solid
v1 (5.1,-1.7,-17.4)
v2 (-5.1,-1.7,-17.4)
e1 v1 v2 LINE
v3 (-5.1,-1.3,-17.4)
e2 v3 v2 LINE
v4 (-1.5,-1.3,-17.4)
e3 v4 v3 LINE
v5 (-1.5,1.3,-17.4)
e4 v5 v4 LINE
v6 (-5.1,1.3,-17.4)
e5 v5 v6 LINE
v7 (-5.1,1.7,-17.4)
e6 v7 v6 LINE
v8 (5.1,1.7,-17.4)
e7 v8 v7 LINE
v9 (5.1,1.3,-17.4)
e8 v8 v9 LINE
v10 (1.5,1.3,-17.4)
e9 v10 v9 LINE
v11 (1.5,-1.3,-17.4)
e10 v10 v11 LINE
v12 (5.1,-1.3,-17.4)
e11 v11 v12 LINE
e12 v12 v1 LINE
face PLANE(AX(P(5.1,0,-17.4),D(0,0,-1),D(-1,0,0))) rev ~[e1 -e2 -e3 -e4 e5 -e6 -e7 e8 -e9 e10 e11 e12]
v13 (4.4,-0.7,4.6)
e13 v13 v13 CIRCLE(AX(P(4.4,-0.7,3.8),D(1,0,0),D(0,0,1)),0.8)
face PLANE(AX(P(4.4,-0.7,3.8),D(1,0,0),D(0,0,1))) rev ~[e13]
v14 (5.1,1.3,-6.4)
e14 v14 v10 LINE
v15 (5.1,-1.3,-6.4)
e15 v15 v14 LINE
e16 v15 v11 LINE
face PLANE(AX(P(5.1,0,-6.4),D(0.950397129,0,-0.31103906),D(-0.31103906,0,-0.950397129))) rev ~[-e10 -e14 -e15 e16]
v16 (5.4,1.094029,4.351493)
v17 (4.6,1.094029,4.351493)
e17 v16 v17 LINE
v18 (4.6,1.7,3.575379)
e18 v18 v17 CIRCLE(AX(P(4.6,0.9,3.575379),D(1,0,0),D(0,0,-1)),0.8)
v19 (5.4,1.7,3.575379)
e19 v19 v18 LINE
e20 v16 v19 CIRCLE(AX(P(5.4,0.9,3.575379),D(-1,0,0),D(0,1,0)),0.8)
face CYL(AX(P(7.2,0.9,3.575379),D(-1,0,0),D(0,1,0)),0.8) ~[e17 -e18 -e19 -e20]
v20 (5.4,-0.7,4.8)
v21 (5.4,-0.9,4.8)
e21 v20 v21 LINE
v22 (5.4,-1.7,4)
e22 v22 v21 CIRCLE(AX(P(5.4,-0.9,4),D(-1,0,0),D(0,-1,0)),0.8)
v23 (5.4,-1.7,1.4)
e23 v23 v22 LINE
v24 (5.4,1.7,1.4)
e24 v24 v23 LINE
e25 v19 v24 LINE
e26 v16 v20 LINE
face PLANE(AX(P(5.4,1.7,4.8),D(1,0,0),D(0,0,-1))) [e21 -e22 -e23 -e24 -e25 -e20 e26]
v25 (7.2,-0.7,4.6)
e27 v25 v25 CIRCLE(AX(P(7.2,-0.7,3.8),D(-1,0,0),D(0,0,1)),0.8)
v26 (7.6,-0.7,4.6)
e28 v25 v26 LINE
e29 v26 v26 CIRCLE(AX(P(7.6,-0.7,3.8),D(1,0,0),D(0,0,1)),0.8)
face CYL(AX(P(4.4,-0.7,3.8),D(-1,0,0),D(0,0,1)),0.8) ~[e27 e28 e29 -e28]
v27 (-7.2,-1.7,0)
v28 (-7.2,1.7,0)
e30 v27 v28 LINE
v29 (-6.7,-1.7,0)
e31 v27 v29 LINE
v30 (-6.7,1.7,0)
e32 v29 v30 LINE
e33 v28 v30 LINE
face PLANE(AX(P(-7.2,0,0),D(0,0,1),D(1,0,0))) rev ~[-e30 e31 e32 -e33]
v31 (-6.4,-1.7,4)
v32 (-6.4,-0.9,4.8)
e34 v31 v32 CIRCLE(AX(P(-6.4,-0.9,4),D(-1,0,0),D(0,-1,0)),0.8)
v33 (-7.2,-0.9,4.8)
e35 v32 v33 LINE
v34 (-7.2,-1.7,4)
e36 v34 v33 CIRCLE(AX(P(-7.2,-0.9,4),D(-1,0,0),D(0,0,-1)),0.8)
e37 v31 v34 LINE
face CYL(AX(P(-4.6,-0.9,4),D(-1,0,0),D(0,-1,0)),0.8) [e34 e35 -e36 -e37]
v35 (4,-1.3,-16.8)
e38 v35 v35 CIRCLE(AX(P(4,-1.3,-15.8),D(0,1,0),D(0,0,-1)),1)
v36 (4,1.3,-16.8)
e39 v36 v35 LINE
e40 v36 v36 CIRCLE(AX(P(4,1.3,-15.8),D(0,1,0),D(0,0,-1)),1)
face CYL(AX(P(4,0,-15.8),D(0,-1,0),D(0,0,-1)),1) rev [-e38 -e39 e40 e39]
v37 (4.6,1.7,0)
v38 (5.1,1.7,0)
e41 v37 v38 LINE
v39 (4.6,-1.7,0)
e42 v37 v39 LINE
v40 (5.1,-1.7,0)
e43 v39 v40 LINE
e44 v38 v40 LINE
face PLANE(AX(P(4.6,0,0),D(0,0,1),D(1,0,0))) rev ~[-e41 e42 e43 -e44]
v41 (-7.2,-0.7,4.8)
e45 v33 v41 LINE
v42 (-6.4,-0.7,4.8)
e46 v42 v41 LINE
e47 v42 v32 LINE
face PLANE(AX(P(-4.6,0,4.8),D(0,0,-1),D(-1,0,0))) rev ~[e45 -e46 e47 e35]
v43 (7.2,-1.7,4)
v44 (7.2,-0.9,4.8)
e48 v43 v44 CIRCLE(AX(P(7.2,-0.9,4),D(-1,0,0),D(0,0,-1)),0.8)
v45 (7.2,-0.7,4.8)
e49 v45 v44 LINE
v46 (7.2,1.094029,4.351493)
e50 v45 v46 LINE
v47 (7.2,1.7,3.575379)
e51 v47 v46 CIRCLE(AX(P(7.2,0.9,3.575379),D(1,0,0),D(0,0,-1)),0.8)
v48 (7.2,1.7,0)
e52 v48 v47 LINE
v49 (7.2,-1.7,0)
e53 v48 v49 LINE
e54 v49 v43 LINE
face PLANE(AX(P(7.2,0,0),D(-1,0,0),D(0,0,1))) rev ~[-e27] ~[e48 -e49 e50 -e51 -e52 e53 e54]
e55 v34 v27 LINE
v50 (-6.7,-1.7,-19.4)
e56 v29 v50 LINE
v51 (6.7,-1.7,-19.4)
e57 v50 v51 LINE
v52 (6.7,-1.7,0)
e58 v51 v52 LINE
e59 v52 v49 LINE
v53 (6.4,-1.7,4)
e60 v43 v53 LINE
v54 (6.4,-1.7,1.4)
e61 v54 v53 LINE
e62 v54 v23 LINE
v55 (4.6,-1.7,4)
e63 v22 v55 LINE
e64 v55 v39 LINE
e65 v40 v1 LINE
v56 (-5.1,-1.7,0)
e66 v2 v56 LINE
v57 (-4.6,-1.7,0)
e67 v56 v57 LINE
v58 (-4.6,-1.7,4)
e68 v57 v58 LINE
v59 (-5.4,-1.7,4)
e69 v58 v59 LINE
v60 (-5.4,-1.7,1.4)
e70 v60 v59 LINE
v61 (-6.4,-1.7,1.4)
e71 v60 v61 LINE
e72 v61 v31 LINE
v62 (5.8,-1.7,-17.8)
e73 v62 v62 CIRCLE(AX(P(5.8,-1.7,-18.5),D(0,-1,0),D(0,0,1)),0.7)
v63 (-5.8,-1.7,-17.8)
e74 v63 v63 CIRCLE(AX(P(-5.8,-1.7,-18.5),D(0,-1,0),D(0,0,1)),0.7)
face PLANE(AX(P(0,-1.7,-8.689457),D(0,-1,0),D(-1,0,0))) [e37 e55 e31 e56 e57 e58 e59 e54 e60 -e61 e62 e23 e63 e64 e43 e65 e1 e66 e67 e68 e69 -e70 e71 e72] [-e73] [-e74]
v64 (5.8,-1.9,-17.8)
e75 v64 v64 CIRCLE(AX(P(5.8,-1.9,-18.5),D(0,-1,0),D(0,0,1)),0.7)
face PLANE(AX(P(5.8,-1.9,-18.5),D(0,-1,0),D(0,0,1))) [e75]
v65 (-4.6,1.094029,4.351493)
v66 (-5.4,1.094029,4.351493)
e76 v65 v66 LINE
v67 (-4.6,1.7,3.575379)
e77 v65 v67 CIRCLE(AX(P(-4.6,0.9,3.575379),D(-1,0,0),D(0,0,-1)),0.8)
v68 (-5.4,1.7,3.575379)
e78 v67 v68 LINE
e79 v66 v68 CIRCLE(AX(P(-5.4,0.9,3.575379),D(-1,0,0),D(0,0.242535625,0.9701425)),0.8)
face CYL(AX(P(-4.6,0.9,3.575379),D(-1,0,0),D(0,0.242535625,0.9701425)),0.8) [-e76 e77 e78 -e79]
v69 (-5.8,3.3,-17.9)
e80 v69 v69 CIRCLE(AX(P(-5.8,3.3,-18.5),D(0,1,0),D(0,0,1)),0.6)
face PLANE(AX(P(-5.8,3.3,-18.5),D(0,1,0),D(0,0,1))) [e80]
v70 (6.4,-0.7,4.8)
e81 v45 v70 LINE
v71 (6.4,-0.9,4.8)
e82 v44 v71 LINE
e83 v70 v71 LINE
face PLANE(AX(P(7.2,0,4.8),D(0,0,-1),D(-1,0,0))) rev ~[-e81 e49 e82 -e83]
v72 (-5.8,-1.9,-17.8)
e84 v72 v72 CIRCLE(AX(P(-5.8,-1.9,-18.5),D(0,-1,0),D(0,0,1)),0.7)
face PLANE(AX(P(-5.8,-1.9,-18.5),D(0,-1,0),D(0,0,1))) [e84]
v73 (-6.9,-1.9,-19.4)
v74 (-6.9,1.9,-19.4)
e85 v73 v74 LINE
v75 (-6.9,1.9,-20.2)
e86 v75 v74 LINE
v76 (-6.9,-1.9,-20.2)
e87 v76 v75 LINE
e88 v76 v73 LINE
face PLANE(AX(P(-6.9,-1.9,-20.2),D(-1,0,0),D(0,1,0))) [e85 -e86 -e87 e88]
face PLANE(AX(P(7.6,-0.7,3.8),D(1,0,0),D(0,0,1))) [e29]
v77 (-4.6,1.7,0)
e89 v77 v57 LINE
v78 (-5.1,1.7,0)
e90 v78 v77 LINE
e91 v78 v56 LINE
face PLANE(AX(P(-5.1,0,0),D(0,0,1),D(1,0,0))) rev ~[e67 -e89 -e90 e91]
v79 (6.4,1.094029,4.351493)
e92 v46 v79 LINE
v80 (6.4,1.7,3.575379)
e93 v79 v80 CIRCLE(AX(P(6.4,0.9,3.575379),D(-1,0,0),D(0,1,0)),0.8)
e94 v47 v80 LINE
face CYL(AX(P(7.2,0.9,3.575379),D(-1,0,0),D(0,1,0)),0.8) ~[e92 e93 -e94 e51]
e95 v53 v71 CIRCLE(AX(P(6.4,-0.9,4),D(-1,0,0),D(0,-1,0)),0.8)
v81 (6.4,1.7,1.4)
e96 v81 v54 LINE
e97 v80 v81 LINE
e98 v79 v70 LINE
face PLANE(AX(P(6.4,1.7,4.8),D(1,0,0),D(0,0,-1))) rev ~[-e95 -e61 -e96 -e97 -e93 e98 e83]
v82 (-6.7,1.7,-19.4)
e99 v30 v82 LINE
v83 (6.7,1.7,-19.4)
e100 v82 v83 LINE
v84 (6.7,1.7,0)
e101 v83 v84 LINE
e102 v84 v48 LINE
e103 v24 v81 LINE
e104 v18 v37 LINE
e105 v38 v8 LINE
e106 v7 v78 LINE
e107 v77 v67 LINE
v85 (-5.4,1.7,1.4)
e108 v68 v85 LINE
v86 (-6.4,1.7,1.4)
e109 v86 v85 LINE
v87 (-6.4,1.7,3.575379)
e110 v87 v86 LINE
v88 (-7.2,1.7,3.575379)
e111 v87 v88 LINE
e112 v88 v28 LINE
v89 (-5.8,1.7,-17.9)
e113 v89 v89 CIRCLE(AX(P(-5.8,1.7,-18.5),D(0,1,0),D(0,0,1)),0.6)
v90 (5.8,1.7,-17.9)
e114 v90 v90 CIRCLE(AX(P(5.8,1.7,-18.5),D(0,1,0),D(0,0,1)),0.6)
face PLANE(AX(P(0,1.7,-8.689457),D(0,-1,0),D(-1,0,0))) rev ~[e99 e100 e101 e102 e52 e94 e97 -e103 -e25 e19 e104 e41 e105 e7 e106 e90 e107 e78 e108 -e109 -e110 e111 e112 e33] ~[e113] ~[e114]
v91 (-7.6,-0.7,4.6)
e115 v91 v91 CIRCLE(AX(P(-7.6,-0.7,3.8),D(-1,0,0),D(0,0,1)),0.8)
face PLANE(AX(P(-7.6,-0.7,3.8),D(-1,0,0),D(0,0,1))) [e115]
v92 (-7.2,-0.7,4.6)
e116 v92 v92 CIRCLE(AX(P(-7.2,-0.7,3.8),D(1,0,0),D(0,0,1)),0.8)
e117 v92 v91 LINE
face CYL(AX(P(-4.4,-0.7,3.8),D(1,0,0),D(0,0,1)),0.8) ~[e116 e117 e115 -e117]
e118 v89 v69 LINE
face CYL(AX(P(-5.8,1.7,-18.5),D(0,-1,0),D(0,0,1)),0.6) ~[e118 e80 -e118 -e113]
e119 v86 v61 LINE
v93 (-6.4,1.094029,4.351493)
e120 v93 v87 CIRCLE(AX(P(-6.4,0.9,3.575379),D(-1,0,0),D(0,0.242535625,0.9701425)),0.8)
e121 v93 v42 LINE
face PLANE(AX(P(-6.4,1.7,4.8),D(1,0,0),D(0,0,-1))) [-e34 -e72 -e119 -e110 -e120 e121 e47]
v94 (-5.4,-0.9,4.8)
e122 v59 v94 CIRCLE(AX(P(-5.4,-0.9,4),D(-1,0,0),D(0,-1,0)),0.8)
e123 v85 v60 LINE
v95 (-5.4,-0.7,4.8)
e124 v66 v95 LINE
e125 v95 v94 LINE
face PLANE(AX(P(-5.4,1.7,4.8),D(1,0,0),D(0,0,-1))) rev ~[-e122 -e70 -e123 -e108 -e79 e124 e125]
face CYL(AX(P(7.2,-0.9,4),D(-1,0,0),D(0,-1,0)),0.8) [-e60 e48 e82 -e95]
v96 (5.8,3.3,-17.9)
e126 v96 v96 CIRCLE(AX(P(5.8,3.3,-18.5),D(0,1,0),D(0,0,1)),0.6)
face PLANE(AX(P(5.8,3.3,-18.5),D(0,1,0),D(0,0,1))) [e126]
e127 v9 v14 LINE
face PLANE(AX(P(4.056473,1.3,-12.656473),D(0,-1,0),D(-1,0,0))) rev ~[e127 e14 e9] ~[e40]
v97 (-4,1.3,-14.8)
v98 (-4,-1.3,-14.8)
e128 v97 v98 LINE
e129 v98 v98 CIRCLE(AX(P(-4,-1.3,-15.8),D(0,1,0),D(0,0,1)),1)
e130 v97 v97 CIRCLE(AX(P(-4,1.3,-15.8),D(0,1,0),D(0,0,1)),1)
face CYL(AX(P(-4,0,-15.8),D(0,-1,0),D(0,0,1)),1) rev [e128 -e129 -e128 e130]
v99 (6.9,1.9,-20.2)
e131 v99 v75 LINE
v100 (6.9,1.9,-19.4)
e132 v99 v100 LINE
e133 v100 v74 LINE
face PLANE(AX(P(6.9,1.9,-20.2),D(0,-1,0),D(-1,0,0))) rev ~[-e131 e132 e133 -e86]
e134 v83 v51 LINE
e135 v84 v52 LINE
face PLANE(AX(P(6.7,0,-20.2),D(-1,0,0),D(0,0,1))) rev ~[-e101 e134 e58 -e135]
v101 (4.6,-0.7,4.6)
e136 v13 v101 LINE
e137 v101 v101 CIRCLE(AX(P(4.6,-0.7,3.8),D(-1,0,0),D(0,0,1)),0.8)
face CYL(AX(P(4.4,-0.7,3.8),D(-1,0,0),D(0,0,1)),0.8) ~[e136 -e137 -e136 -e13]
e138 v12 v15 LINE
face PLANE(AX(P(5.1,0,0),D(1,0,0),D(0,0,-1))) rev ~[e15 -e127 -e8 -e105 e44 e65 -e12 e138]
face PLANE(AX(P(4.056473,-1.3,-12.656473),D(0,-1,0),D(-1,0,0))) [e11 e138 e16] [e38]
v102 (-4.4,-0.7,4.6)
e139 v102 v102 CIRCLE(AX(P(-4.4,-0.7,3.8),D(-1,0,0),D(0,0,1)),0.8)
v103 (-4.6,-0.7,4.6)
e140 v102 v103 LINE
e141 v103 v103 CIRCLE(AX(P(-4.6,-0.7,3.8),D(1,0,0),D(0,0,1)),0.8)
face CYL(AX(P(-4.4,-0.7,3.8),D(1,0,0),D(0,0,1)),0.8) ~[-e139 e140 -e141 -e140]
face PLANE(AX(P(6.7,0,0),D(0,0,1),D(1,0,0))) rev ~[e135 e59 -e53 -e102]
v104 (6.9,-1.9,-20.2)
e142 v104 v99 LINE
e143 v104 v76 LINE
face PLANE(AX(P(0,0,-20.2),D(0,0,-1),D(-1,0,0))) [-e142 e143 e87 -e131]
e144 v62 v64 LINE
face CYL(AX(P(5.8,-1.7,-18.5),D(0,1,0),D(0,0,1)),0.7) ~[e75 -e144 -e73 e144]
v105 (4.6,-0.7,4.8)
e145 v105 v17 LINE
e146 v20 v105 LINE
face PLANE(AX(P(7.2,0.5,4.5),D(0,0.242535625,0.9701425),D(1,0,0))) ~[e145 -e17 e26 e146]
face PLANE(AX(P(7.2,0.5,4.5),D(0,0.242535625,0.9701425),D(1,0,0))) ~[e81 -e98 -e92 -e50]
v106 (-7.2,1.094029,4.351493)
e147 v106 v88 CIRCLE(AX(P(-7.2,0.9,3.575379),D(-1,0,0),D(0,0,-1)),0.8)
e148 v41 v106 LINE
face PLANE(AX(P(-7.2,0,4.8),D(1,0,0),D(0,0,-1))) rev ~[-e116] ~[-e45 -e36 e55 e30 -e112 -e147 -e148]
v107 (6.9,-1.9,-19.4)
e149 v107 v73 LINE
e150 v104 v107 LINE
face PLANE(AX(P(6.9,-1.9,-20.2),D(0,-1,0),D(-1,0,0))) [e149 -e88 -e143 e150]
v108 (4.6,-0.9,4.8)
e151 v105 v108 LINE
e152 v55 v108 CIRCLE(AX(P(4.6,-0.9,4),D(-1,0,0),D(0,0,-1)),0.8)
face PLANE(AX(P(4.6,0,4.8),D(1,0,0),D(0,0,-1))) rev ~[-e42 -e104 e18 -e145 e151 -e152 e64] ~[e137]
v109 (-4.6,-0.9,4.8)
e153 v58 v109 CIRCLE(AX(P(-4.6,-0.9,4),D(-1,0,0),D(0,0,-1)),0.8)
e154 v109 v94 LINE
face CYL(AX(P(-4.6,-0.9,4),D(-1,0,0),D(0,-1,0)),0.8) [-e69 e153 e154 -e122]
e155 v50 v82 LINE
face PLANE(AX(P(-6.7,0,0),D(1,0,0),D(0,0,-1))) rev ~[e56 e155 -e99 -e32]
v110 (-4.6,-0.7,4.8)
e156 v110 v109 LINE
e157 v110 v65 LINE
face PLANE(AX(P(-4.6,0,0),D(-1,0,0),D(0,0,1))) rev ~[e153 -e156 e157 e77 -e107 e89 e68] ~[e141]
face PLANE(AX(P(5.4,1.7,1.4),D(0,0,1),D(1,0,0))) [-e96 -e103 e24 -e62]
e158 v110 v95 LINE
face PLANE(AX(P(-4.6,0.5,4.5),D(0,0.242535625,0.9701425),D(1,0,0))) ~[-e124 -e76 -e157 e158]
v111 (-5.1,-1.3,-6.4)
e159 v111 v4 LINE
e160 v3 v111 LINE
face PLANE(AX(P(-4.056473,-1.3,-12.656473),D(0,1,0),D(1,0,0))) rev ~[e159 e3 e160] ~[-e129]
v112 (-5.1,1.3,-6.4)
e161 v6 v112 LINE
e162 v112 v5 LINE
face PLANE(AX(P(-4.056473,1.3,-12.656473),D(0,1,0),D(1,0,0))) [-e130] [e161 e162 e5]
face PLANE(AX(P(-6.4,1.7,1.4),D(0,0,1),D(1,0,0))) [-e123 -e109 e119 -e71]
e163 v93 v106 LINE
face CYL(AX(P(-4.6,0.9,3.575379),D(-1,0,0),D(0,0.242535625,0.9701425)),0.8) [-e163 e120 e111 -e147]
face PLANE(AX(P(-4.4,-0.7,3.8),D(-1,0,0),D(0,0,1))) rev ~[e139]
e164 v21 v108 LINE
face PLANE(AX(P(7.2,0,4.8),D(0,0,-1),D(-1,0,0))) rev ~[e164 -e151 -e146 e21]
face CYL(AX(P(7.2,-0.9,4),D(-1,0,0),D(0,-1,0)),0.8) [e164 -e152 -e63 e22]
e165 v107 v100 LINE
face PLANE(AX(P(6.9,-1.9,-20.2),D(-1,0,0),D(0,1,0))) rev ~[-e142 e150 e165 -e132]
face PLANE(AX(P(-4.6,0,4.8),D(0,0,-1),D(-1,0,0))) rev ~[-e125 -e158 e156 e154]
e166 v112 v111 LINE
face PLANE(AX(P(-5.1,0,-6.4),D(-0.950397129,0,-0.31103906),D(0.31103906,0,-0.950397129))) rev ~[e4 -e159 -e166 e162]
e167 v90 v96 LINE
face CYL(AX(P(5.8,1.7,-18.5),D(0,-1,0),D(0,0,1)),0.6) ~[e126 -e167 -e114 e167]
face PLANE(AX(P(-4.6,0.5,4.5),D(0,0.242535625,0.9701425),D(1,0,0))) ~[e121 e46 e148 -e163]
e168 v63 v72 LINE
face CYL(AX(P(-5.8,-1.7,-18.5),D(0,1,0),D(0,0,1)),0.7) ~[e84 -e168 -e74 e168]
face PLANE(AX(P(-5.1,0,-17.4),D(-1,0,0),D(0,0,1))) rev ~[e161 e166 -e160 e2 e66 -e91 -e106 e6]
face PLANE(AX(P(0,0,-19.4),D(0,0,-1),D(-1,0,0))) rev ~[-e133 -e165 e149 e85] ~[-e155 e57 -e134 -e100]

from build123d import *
from OCP.BRepFilletAPI import BRepFilletAPI_MakeChamfer

# Parameters (mm, degrees)
BOSS_EXTRUDE1_DEPTH      = 0.85
SKETCH3_R                = 0.5
BOSS_EXTRUDE2_DEPTH      = 0.65
SKETCH4_W                = 6.9
SKETCH4_H                = 1.9
BOSS_EXTRUDE3_DEPTH      = 0.4
FILLET1_R                = 0.4
CHAMFER1_SIZE            = 1.2
CHAMFER1_SIZE2           = 0.3
FILLET2_R                = 0.4
BOSS_EXTRUDE4_DEPTH      = 0.2
BOSS_EXTRUDE4_DEPTH_BACK = 1.4
SKETCH7_R                = 0.4
BOSS_EXTRUDE5_DEPTH      = 0.2
BOSS_EXTRUDE5_DEPTH_BACK = 1.4
SKETCH8_R                = 0.4
SKETCH6_W                = 0.5
SKETCH6_H                = 1.7
CUT_EXTRUDE1_DEPTH       = 11.940292501
SKETCH9_R                = 0.35
BOSS_EXTRUDE6_DEPTH      = 0.1
SKETCH10_R               = 0.3
BOSS_EXTRUDE7_DEPTH      = 0.8
SCALE1_SCALE             = 2


with BuildPart() as part:
    # Sketch1 → Boss-Extrude1 (new, symmetric)
    with BuildSketch(Plane(origin=(0, 0, 0), x_dir=(1, 0, 0), z_dir=(0, 1, 0))):
        Polygon((-3.35, 0), (-3.35, 10.1), (3.35, 10.1), (3.35, 0), (3.6, 0), (3.6, -2.4), (2.3, -2.4), (2.3, 0), (2.55, 0), (2.55, 8.7), (-2.55, 8.7), (-2.55, 0), (-2.3, 0), (-2.3, -2.4), (-3.6, -2.4), (-3.6, 0), align=None)
    extrude(amount=BOSS_EXTRUDE1_DEPTH, both=True)

    # Sketch3 → Boss-Extrude2 (add, symmetric)
    # profile 1 of 2: a face of its own
    with BuildSketch(Plane(origin=(0, 0, 0), x_dir=(1, 0, 0), z_dir=(0, 1, 0))):
        Polygon((-0.75, 8.7), (-2.55, 8.7), (-2.55, 3.2), align=None)
        with Locations((-2, 7.9)):
            Circle(SKETCH3_R, mode=Mode.SUBTRACT)
    # profile 2 of 2: a face of its own
    with BuildSketch(Plane(origin=(0, 0, 0), x_dir=(1, 0, 0), z_dir=(0, 1, 0))):
        Polygon((2.55, 3.2), (0.75, 8.7), (2.55, 8.7), align=None)
        with Locations((2, 7.9)):
            Circle(SKETCH3_R, mode=Mode.SUBTRACT)
    extrude(amount=BOSS_EXTRUDE2_DEPTH, both=True)

    # Sketch4 → Boss-Extrude3 (add)
    with BuildSketch(Plane(origin=(0, 0, -10.1), x_dir=(-1, 0, 0), z_dir=(0, 0, -1))):
        Rectangle(SKETCH4_W, SKETCH4_H)
    extrude(amount=-BOSS_EXTRUDE3_DEPTH)

    # Fillet1
    fillet1_edges = [part.edges().sort_by_distance(p)[0] for p in [
        (2.95, -0.85, 2.4),
        (-2.95, -0.85, 2.4),
    ]]
    fillet(fillet1_edges, radius=FILLET1_R)

    # Chamfer1: one chamfer whose edges measure the first distance from different faces: ONE call of the kernel's chamfer builder (chamfer() names one face for all edges)
    chamfer1_edges_1 = [part.edges().sort_by_distance(p)[0] for p in [
        (2.95, 0.85, 2.4),
    ]]
    chamfer1_side_1 = [part.faces().sort_by_distance(p)[0] for p in [
        (2.95, 0.2, 2.4),
    ]]
    chamfer1_edges_2 = [part.edges().sort_by_distance(p)[0] for p in [
        (-2.95, 0.85, 2.4),
    ]]
    chamfer1_side_2 = [part.faces().sort_by_distance(p)[0] for p in [
        (-2.95, 0.2, 2.4),
    ]]
    chamfer1 = BRepFilletAPI_MakeChamfer(part.part.solid().wrapped)
    for e in chamfer1_edges_1:
        chamfer1.Add(CHAMFER1_SIZE, CHAMFER1_SIZE2, e.wrapped, chamfer1_side_1[0].wrapped)  # the first distance lies on this face
    for e in chamfer1_edges_2:
        chamfer1.Add(CHAMFER1_SIZE, CHAMFER1_SIZE2, e.wrapped, chamfer1_side_2[0].wrapped)  # the first distance lies on this face
    add(Compound.cast(chamfer1.Shape()), mode=Mode.REPLACE)

    # Fillet2
    fillet2_edges = [part.edges().sort_by_distance(p)[0] for p in [
        (2.95, 0.85, 2.1),
        (-2.95, 0.85, 2.1),
    ]]
    fillet(fillet2_edges, radius=FILLET2_R)

    # Sketch7 → Boss-Extrude4 (add, two sides: drawn at the far end of the back side and taken through both)
    with BuildSketch(Plane.ZY.offset(3.6).offset(-BOSS_EXTRUDE4_DEPTH_BACK)):
        with Locations((1.9, -0.35)):
            Circle(SKETCH7_R)
    extrude(amount=BOSS_EXTRUDE4_DEPTH + BOSS_EXTRUDE4_DEPTH_BACK)

    # Sketch8 → Boss-Extrude5 (add, two sides: drawn at the far end of the back side and taken through both)
    with BuildSketch(Plane(origin=(3.6, 0, 0), x_dir=(0, 0, -1), z_dir=(1, 0, 0)).offset(-BOSS_EXTRUDE5_DEPTH_BACK)):
        with Locations((-1.9, -0.35)):
            Circle(SKETCH8_R)
    extrude(amount=BOSS_EXTRUDE5_DEPTH + BOSS_EXTRUDE5_DEPTH_BACK)

    # Sketch6 → Cut-Extrude1 (cut, through all)
    with BuildSketch(Plane(origin=(0, 0.85, 0), x_dir=(1, 0, 0), z_dir=(0, 1, 0))):
        with Locations((-2.95, -1.55)):
            Rectangle(SKETCH6_W, SKETCH6_H)
        with Locations((2.95, -1.55)):
            Rectangle(SKETCH6_W, SKETCH6_H)
    extrude(amount=-CUT_EXTRUDE1_DEPTH, mode=Mode.SUBTRACT)

    # Sketch9 → Boss-Extrude6 (add)
    with BuildSketch(Plane.XZ.offset(0.85)):
        with Locations((-2.9, -9.25)):
            Circle(SKETCH9_R)
        with Locations((2.9, -9.25)):
            Circle(SKETCH9_R)
    extrude(amount=BOSS_EXTRUDE6_DEPTH)

    # Sketch10 → Boss-Extrude7 (add)
    with BuildSketch(Plane(origin=(0, 0.85, 0), x_dir=(1, 0, 0), z_dir=(0, 1, 0))):
        with Locations((-2.9, 9.25)):
            Circle(SKETCH10_R)
        with Locations((2.9, 9.25)):
            Circle(SKETCH10_R)
    extrude(amount=BOSS_EXTRUDE7_DEPTH)


with BuildPart() as part_1:
    # Scale1: scaled about (0, 0, 0)
    add(part.part.scale(SCALE1_SCALE))


solid = part_1.part
